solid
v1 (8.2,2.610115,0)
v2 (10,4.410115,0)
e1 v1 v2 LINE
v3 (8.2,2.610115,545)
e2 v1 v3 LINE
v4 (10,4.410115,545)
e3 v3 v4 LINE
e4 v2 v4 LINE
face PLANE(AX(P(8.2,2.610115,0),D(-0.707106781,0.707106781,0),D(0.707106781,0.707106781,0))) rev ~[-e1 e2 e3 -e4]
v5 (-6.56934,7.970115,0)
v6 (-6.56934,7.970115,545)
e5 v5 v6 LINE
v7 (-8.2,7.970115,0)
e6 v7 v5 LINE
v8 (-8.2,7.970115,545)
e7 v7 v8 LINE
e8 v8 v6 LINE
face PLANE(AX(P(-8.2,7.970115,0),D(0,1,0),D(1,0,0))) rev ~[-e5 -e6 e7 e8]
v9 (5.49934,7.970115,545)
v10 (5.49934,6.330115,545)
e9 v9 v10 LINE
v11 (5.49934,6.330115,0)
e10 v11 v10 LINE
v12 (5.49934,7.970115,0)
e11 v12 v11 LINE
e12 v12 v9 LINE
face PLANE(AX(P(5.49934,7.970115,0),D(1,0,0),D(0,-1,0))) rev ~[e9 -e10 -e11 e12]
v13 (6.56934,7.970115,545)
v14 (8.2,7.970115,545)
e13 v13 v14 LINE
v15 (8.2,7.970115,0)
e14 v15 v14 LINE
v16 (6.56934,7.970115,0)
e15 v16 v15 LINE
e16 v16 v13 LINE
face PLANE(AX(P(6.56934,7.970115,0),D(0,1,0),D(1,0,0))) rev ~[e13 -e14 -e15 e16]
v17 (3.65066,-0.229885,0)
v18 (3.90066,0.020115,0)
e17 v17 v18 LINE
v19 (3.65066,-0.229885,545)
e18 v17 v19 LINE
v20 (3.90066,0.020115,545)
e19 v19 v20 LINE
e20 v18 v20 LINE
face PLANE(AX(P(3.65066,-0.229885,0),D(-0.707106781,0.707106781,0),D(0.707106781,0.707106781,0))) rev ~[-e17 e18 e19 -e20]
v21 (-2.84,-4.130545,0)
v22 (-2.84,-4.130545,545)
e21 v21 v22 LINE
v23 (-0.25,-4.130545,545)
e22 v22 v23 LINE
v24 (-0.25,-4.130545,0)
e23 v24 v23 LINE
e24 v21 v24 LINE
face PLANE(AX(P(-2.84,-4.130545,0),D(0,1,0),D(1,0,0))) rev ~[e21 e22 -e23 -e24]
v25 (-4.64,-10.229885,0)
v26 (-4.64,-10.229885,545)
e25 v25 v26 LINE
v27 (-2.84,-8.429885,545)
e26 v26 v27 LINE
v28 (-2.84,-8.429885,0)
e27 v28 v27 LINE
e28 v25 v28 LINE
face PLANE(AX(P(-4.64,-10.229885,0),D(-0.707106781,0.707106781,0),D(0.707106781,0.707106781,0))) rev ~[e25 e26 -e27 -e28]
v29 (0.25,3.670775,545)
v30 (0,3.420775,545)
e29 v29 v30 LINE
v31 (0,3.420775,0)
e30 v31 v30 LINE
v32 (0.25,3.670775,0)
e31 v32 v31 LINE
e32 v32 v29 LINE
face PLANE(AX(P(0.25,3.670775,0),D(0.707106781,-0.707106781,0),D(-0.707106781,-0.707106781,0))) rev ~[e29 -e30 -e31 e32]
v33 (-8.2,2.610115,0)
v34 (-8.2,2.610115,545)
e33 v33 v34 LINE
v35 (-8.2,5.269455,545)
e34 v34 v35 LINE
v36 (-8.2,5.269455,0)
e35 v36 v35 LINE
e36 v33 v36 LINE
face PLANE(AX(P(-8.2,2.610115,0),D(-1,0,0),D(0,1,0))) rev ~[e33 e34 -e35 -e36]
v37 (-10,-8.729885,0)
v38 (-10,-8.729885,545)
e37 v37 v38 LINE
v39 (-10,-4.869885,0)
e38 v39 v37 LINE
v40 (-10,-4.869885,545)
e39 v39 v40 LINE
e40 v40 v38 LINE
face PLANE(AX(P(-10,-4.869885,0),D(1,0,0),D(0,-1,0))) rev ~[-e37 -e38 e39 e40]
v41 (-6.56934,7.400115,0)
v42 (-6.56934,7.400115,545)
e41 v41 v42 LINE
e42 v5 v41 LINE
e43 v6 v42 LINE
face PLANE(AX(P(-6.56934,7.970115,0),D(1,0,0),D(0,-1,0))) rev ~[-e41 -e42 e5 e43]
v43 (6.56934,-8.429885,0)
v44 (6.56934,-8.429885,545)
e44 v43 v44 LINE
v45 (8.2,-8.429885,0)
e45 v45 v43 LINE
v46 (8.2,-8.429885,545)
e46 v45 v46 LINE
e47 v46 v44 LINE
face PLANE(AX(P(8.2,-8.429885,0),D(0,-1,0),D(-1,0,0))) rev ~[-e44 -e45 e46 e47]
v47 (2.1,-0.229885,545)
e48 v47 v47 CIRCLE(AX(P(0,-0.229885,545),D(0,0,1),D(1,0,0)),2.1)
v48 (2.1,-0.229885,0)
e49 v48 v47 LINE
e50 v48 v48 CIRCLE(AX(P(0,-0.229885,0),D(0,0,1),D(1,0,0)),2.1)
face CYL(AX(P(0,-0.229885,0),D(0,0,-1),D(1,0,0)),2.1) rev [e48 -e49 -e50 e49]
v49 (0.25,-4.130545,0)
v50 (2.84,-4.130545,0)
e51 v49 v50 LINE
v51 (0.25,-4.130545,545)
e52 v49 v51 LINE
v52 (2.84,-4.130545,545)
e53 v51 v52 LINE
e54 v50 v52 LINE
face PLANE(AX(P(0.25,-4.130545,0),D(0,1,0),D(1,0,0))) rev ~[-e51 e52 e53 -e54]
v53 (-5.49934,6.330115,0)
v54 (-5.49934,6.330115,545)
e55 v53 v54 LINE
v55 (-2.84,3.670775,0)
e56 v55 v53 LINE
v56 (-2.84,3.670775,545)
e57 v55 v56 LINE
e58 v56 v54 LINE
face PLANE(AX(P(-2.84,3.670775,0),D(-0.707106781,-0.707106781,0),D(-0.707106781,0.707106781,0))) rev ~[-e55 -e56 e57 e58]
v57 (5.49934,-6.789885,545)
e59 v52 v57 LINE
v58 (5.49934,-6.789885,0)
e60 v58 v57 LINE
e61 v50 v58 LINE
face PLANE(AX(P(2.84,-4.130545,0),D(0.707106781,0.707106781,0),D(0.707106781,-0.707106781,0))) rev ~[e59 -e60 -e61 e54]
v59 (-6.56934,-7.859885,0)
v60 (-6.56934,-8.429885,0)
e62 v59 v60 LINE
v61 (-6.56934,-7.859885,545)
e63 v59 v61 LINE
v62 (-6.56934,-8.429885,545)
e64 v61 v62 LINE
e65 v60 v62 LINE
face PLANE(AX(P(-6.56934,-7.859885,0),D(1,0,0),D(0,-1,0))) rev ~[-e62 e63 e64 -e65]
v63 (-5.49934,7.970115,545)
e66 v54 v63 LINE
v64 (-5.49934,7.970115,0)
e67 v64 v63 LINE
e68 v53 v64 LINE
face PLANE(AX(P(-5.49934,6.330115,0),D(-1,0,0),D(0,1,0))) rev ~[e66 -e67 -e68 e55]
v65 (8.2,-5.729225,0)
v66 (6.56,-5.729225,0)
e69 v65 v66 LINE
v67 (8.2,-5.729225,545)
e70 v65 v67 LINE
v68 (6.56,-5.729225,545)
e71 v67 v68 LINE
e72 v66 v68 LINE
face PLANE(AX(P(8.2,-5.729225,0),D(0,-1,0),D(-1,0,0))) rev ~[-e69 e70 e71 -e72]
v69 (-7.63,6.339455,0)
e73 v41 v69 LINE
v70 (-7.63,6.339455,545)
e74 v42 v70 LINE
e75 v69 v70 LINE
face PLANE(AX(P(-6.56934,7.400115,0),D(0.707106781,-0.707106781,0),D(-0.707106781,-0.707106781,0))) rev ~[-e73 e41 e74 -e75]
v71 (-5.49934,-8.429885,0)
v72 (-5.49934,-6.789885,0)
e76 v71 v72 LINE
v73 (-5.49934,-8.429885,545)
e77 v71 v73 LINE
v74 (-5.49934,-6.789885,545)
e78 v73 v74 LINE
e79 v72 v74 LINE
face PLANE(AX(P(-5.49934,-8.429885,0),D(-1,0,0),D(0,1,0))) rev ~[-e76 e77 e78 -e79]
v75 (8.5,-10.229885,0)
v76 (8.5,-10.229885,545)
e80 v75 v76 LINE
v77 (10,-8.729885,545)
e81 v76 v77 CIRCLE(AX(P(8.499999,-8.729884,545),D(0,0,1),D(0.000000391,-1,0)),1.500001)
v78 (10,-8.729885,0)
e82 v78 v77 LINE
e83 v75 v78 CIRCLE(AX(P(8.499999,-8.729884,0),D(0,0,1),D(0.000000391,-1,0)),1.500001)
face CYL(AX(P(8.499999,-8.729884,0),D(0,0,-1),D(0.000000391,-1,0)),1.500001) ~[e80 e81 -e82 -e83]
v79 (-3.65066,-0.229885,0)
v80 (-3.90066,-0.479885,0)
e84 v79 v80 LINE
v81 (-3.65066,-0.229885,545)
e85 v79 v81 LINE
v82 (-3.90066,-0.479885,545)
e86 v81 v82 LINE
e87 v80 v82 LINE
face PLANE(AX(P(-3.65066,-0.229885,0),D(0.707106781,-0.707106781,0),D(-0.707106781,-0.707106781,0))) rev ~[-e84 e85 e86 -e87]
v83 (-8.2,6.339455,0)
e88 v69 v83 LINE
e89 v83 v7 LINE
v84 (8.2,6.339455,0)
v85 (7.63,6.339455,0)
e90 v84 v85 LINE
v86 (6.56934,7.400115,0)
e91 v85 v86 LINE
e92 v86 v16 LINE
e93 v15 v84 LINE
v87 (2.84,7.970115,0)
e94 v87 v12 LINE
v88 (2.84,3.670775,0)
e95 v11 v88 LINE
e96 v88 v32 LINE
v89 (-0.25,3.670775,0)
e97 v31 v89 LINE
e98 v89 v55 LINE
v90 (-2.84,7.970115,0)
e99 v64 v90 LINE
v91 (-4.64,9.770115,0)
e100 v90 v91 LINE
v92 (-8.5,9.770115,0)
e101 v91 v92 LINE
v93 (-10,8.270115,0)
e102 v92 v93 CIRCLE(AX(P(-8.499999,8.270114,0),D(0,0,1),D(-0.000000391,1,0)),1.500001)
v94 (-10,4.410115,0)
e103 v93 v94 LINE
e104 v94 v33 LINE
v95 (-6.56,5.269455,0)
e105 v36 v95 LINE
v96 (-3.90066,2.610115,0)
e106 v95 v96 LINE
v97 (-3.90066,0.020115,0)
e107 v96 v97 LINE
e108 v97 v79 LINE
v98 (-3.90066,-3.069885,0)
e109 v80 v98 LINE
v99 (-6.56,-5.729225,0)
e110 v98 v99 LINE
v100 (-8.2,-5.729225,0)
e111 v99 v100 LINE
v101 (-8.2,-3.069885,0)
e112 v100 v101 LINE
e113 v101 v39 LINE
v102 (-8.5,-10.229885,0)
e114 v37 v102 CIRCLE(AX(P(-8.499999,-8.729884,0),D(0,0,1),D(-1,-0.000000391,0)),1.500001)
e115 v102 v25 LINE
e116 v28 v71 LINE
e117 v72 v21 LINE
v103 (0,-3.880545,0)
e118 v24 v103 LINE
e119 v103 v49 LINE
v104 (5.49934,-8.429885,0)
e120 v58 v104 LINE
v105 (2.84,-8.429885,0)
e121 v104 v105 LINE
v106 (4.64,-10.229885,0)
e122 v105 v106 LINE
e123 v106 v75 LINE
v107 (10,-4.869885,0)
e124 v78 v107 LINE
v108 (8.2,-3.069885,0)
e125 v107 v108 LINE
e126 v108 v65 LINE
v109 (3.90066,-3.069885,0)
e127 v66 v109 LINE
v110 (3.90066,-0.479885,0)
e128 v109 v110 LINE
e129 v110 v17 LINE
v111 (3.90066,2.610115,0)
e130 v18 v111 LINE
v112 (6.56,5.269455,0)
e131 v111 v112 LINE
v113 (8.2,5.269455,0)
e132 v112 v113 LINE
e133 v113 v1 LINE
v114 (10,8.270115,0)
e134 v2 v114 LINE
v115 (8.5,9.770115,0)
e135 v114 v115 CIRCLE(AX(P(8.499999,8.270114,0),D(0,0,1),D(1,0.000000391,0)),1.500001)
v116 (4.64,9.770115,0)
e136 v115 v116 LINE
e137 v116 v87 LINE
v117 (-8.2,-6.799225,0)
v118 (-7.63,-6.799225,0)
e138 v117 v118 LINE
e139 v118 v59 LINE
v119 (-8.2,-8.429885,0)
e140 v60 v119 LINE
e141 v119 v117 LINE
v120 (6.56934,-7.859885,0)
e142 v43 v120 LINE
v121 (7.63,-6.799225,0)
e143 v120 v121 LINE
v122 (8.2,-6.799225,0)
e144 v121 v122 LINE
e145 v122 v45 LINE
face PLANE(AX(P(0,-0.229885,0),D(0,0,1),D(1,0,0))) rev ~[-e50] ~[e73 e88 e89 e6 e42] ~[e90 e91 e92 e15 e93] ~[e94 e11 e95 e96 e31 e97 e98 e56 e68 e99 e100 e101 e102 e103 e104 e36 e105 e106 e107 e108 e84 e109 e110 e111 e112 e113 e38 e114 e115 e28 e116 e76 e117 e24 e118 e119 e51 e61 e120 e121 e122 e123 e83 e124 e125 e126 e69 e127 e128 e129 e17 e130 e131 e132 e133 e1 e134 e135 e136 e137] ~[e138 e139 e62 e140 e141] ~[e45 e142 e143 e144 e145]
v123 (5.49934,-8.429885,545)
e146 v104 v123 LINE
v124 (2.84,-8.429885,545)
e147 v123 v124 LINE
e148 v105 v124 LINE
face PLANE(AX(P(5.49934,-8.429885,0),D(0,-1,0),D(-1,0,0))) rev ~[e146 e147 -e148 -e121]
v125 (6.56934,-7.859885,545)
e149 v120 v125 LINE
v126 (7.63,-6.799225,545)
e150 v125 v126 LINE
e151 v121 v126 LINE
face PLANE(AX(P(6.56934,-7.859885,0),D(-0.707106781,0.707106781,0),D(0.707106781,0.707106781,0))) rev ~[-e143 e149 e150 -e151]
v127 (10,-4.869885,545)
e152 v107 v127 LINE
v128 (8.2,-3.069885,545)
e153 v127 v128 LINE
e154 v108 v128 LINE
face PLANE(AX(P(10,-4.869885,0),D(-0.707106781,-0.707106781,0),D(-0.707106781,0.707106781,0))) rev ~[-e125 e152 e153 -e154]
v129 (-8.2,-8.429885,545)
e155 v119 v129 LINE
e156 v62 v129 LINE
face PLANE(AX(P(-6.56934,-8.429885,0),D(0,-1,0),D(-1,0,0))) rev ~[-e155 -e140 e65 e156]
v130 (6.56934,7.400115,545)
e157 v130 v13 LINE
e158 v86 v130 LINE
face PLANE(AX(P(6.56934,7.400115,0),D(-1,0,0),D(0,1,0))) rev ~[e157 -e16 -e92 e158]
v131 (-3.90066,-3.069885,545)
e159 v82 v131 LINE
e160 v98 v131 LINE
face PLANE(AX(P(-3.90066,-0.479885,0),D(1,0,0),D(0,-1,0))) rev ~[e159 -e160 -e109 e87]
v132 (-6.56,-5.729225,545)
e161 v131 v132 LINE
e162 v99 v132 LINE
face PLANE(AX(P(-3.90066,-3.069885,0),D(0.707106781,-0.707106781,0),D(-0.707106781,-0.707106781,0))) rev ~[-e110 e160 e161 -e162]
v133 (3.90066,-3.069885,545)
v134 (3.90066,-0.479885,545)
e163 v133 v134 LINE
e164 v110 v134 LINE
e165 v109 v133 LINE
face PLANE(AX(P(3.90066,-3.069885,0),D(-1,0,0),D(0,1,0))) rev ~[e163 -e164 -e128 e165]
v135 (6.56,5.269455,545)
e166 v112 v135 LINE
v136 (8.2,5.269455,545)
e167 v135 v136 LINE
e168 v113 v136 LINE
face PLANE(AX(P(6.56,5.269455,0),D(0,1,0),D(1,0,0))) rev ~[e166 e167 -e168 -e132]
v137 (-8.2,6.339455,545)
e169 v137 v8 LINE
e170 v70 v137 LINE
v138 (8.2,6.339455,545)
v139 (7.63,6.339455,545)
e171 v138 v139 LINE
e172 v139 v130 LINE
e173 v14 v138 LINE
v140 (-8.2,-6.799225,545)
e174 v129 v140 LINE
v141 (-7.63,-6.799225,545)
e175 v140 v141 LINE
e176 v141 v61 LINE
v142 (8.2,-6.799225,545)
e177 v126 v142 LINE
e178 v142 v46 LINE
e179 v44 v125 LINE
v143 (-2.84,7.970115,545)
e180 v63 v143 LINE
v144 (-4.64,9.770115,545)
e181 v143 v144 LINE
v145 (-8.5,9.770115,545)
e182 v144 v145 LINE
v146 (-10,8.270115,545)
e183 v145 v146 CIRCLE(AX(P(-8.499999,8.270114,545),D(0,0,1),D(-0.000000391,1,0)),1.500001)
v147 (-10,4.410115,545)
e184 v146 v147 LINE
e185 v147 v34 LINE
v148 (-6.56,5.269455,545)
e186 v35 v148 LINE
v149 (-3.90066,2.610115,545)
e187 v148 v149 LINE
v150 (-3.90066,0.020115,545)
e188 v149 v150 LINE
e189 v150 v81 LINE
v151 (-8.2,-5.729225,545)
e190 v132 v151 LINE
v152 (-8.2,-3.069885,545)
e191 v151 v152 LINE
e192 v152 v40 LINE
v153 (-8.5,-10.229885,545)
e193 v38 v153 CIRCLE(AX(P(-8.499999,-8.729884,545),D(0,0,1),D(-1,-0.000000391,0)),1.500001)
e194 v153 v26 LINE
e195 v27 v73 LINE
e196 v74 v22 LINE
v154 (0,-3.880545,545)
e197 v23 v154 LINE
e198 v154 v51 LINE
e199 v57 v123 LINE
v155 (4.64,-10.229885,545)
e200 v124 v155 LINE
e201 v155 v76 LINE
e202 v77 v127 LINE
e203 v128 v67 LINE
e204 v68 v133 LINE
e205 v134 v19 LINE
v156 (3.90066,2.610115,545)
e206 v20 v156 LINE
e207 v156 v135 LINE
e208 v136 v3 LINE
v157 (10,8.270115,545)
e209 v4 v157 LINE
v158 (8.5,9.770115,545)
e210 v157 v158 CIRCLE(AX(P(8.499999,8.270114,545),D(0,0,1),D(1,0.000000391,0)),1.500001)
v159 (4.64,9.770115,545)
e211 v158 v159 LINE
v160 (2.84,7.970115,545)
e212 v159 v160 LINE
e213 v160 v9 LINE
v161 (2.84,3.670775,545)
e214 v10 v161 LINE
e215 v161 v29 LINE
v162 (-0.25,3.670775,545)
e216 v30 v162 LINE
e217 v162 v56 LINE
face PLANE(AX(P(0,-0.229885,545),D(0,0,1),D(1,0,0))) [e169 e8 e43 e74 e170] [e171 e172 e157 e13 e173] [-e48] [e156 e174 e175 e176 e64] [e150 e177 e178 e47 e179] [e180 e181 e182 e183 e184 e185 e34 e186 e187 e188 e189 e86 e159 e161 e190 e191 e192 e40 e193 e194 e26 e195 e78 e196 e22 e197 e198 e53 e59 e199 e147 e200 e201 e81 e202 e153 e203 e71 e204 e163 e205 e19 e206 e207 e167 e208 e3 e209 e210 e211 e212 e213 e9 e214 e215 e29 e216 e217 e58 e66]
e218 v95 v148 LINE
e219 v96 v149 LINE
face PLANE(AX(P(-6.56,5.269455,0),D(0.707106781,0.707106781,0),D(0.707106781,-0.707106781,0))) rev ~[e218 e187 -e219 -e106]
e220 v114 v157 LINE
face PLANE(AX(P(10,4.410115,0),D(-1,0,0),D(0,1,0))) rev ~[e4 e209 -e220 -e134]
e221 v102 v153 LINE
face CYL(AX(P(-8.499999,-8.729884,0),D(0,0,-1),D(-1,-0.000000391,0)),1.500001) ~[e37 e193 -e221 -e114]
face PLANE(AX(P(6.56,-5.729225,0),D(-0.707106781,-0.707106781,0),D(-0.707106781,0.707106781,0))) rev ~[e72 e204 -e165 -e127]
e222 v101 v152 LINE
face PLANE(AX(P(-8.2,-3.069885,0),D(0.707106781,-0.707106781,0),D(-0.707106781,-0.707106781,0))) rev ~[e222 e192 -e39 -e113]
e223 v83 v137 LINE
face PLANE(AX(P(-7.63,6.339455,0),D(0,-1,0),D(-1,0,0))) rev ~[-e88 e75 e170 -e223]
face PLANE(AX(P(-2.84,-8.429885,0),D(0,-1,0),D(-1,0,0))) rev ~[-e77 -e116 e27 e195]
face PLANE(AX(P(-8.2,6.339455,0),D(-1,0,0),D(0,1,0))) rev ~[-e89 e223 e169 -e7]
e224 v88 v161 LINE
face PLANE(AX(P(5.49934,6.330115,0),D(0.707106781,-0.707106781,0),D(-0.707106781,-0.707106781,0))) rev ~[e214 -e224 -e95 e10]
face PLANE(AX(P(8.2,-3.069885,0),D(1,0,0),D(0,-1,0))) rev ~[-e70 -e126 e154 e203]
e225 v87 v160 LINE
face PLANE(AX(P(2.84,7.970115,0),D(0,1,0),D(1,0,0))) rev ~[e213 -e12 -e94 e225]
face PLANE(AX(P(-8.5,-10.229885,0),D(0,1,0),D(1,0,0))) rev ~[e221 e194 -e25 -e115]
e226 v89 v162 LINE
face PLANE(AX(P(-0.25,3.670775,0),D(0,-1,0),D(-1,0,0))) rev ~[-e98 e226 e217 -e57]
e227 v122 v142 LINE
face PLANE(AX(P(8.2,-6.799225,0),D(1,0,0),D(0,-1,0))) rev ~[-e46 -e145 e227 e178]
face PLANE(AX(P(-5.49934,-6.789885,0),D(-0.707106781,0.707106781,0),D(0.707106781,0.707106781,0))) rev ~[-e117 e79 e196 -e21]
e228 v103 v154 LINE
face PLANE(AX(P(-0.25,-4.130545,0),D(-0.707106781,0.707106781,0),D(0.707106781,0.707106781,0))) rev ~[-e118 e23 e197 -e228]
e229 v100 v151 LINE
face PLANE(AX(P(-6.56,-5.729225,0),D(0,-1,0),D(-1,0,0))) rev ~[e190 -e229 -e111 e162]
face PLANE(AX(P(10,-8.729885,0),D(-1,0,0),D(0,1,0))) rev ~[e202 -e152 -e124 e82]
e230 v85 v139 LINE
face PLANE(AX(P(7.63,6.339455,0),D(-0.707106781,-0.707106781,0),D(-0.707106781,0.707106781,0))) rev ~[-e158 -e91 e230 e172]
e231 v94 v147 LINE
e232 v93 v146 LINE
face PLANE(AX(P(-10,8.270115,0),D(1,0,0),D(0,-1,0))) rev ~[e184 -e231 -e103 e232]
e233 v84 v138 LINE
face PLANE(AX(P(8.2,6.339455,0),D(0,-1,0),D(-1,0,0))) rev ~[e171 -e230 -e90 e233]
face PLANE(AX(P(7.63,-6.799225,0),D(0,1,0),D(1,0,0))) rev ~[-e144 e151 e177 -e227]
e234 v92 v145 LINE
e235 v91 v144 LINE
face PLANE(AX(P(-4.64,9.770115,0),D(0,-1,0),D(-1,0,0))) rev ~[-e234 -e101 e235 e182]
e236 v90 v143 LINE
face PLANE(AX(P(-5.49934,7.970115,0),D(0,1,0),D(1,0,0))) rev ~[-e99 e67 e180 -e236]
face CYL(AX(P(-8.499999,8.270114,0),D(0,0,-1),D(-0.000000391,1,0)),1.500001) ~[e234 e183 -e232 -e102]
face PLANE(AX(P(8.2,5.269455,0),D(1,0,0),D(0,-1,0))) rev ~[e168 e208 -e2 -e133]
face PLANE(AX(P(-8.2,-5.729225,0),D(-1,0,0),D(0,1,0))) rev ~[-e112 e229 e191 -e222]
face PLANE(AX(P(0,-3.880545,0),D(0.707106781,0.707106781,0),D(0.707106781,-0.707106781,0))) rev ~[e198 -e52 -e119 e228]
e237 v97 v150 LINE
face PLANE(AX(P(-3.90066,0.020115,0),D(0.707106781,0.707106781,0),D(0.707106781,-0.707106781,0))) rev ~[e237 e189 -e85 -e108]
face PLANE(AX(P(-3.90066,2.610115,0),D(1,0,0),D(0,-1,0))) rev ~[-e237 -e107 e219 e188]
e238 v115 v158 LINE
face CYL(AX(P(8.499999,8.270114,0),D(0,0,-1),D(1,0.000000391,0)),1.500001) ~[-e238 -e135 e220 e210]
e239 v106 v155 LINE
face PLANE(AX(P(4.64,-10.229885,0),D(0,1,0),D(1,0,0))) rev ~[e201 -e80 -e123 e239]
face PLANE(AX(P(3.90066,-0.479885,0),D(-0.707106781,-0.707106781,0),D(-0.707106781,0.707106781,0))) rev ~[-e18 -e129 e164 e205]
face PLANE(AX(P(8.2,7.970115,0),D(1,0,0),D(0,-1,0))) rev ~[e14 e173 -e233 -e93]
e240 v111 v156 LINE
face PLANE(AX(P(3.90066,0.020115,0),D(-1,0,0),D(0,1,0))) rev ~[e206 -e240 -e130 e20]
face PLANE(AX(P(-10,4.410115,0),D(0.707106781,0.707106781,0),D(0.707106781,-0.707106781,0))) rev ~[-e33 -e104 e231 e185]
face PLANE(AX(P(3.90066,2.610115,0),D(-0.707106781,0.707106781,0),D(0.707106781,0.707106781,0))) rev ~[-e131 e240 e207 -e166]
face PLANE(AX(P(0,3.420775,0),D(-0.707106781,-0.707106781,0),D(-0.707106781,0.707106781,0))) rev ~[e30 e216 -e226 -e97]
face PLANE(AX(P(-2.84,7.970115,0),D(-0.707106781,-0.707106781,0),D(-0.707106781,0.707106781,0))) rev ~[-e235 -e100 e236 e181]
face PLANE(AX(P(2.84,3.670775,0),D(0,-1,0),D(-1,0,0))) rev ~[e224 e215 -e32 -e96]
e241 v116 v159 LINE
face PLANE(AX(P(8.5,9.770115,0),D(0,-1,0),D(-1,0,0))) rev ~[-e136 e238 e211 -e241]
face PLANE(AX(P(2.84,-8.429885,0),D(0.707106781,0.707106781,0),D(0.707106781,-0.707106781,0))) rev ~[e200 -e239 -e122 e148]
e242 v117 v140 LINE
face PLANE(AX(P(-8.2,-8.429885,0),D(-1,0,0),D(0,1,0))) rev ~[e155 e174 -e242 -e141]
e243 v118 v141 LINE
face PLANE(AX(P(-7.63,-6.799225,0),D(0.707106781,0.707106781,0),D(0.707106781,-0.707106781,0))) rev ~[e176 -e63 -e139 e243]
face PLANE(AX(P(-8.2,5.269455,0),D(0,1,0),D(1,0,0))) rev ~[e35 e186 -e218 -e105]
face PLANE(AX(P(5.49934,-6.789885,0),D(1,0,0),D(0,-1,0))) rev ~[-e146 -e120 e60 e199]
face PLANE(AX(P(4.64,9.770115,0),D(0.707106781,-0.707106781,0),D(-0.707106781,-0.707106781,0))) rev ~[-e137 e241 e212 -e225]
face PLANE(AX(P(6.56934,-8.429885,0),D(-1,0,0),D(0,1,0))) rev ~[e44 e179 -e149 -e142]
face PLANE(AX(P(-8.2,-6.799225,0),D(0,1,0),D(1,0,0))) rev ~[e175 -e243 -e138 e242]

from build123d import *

# Parameters (mm, degrees)
F0_R     = 2.1
F1_DEPTH = 545


with BuildPart() as f1:
    # F0 (on Top) → F1 (new body)
    with BuildSketch(Plane.XY):
        with BuildLine():
            Line((10, 4.410115), (10, 8.270115))
            ThreePointArc((10, 8.270115), (9.56066, 9.330775), (8.5, 9.770115))
            Line((8.5, 9.770115), (4.64, 9.770115))
            Line((4.64, 9.770115), (2.84, 7.970115))
            Line((2.84, 7.970115), (5.49934, 7.970115))
            Line((5.49934, 7.970115), (5.49934, 6.330115))
            Line((5.49934, 6.330115), (2.84, 3.670775))
            Line((2.84, 3.670775), (0.25, 3.670775))
            Line((0.25, 3.670775), (0, 3.420775))
            Line((0, 3.420775), (-0.25, 3.670775))
            Line((-0.25, 3.670775), (-2.84, 3.670775))
            Line((-2.84, 3.670775), (-5.49934, 6.330115))
            Line((-5.49934, 6.330115), (-5.49934, 7.970115))
            Line((-5.49934, 7.970115), (-2.84, 7.970115))
            Line((-2.84, 7.970115), (-4.64, 9.770115))
            Line((-4.64, 9.770115), (-8.5, 9.770115))
            ThreePointArc((-8.5, 9.770115), (-9.56066, 9.330775), (-10, 8.270115))
            Line((-10, 8.270115), (-10, 4.410115))
            Line((-10, 4.410115), (-8.2, 2.610115))
            Line((-8.2, 2.610115), (-8.2, 5.269455))
            Line((-8.2, 5.269455), (-6.56, 5.269455))
            Line((-6.56, 5.269455), (-3.90066, 2.610115))
            Line((-3.90066, 2.610115), (-3.90066, 0.020115))
            Line((-3.90066, 0.020115), (-3.65066, -0.229885))
            Line((-3.65066, -0.229885), (-3.90066, -0.479885))
            Line((-3.90066, -0.479885), (-3.90066, -3.069885))
            Line((-3.90066, -3.069885), (-6.56, -5.729225))
            Line((-6.56, -5.729225), (-8.2, -5.729225))
            Line((-8.2, -5.729225), (-8.2, -3.069885))
            Line((-8.2, -3.069885), (-10, -4.869885))
            Line((-10, -4.869885), (-10, -8.729885))
            ThreePointArc((-10, -8.729885), (-9.56066, -9.790545), (-8.5, -10.229885))
            Line((-8.5, -10.229885), (-4.64, -10.229885))
            Line((-4.64, -10.229885), (-2.84, -8.429885))
            Line((-2.84, -8.429885), (-5.49934, -8.429885))
            Line((-5.49934, -8.429885), (-5.49934, -6.789885))
            Line((-5.49934, -6.789885), (-2.84, -4.130545))
            Line((-2.84, -4.130545), (-0.25, -4.130545))
            Line((-0.25, -4.130545), (0, -3.880545))
            Line((0, -3.880545), (0.25, -4.130545))
            Line((0.25, -4.130545), (2.84, -4.130545))
            Line((2.84, -4.130545), (5.49934, -6.789885))
            Line((5.49934, -6.789885), (5.49934, -8.429885))
            Line((5.49934, -8.429885), (2.84, -8.429885))
            Line((2.84, -8.429885), (4.64, -10.229885))
            Line((4.64, -10.229885), (8.5, -10.229885))
            ThreePointArc((8.5, -10.229885), (9.56066, -9.790545), (10, -8.729885))
            Line((10, -8.729885), (10, -4.869885))
            Line((10, -4.869885), (8.2, -3.069885))
            Line((8.2, -3.069885), (8.2, -5.729225))
            Line((8.2, -5.729225), (6.56, -5.729225))
            Line((6.56, -5.729225), (3.90066, -3.069885))
            Line((3.90066, -3.069885), (3.90066, -0.479885))
            Line((3.90066, -0.479885), (3.65066, -0.229885))
            Line((3.65066, -0.229885), (3.90066, 0.020115))
            Line((3.90066, 0.020115), (3.90066, 2.610115))
            Line((3.90066, 2.610115), (6.56, 5.269455))
            Line((6.56, 5.269455), (8.2, 5.269455))
            Line((8.2, 5.269455), (8.2, 2.610115))
            Line((8.2, 2.610115), (10, 4.410115))
        make_face()
        Polygon((-6.56934, -7.859885), (-6.56934, -8.429885), (-8.2, -8.429885), (-8.2, -6.799225), (-7.63, -6.799225), align=None, mode=Mode.SUBTRACT)
        Polygon((8.2, -8.429885), (6.56934, -8.429885), (6.56934, -7.859885), (7.63, -6.799225), (8.2, -6.799225), align=None, mode=Mode.SUBTRACT)
        Polygon((-7.63, 6.339455), (-8.2, 6.339455), (-8.2, 7.970115), (-6.56934, 7.970115), (-6.56934, 7.400115), align=None, mode=Mode.SUBTRACT)
        with Locations((0, -0.229885)):
            Circle(F0_R, mode=Mode.SUBTRACT)
        Polygon((6.56934, 7.400115), (6.56934, 7.970115), (8.2, 7.970115), (8.2, 6.339455), (7.63, 6.339455), align=None, mode=Mode.SUBTRACT)
    extrude(amount=F1_DEPTH)


solid = f1.part
